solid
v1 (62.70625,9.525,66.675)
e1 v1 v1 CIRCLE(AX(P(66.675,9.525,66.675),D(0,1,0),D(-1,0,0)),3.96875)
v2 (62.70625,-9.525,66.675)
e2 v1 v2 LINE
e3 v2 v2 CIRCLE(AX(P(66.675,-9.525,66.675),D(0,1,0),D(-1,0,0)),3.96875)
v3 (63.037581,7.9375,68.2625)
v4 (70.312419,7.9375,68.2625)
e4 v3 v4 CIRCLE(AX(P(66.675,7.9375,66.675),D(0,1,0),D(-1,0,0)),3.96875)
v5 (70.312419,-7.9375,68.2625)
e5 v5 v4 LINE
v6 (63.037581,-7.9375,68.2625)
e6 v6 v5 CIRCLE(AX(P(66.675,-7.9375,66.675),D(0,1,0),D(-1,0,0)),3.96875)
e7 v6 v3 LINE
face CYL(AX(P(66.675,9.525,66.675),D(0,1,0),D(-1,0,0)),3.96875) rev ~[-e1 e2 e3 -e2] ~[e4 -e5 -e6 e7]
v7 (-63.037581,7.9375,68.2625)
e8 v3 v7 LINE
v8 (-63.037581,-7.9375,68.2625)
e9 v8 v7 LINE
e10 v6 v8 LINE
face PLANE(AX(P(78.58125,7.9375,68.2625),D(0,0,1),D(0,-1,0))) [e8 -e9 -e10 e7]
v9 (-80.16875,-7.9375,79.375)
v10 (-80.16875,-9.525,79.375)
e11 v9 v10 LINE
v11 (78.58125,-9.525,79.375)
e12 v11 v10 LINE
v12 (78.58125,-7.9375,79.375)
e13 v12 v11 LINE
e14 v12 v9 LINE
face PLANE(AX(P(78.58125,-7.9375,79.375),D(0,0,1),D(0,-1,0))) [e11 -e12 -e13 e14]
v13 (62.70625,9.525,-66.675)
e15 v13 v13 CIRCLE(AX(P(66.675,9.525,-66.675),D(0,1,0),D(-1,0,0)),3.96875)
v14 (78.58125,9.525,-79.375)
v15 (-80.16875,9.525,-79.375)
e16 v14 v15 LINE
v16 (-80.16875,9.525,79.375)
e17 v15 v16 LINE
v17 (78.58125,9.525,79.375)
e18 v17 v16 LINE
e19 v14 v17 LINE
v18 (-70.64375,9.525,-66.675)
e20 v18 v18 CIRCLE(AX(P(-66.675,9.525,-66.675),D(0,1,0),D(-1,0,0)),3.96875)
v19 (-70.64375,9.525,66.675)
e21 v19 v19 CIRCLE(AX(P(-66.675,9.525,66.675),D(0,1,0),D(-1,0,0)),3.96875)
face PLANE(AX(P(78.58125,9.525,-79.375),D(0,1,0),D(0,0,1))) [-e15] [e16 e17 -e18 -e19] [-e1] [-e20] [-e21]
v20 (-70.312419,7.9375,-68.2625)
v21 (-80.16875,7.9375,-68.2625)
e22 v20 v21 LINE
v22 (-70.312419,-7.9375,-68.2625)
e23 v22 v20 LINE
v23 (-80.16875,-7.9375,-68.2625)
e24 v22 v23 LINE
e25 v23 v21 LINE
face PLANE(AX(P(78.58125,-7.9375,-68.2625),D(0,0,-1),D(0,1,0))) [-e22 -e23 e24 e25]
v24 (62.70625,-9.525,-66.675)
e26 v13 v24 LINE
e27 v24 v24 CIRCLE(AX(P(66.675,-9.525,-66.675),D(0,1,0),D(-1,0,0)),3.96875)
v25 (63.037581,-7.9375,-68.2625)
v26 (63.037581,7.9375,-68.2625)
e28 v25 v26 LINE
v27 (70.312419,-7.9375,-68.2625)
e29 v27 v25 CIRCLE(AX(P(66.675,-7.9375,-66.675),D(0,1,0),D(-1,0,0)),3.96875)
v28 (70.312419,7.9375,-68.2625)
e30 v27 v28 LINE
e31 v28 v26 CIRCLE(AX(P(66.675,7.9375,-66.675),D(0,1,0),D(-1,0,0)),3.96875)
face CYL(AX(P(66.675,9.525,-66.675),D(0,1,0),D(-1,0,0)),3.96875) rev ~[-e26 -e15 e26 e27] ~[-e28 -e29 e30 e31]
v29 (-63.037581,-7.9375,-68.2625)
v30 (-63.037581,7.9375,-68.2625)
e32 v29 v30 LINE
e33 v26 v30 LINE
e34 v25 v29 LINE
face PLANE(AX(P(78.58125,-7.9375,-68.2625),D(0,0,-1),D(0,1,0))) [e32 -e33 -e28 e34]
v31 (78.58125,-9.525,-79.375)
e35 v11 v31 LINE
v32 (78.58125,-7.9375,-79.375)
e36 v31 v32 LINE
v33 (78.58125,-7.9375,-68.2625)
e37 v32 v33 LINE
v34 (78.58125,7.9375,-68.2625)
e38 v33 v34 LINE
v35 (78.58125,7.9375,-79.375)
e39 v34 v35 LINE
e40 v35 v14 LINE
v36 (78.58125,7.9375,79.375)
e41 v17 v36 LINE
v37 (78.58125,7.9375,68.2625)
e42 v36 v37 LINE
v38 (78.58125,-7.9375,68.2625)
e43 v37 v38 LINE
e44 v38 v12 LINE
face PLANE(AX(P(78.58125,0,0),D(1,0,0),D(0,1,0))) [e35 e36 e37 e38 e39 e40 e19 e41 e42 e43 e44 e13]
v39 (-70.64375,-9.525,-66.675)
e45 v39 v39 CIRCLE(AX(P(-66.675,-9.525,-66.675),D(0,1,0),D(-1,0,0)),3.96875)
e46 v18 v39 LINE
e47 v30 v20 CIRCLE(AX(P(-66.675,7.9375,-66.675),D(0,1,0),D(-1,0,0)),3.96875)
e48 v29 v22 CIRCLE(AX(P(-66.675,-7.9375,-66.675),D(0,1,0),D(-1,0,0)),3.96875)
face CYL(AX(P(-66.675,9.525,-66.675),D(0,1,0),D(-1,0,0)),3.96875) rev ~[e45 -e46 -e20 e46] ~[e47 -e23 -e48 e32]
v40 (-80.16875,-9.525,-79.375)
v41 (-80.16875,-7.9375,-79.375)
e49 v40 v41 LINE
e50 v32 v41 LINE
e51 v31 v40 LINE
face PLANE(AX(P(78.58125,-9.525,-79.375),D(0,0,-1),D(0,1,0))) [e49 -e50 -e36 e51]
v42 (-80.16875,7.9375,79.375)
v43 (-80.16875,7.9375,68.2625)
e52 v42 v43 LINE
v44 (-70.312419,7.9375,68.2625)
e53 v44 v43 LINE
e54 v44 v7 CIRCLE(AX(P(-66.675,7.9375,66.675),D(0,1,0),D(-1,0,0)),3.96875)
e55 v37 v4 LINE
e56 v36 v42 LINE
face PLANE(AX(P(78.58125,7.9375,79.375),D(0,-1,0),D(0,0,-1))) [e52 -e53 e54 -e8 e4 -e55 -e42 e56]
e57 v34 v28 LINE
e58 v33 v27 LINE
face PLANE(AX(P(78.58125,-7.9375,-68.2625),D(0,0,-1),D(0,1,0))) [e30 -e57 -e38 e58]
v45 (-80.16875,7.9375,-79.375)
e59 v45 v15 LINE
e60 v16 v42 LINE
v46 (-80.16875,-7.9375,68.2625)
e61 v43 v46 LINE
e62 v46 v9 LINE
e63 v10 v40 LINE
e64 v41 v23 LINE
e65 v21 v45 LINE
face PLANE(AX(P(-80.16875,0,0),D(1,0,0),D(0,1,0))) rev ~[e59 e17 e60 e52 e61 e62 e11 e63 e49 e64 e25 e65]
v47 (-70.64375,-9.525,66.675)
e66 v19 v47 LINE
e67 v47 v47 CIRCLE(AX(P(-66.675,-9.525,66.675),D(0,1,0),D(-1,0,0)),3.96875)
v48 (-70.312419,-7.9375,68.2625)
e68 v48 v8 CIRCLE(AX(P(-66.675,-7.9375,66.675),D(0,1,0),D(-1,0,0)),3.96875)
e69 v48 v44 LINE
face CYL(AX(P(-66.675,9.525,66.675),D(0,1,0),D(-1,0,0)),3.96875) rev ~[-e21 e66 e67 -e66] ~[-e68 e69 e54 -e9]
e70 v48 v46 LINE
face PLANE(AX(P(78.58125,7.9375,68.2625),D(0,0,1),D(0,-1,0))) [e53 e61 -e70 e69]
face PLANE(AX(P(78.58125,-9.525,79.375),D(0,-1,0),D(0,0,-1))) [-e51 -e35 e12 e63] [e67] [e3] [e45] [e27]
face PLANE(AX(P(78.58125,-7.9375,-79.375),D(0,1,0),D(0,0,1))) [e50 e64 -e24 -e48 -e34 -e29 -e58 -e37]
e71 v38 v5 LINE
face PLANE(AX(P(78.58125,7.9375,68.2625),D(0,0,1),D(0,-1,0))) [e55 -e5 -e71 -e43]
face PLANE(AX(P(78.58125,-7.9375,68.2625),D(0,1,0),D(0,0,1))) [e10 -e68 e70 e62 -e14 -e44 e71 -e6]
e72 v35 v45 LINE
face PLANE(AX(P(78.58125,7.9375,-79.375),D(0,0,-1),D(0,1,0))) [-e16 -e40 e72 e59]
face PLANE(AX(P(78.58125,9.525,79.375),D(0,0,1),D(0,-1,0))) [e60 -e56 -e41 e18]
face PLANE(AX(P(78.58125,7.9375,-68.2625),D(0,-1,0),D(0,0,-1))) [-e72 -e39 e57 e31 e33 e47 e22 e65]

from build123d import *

# Parameters (mm, degrees)
F2_DEPTH = 158.75
F3_R     = 3.96875
F4_DEPTH = 19.051


with BuildPart() as f2:
    # F1 (on offset) → F2 (new body)
    with BuildSketch(Plane.YZ.offset(78.58125)):
        Polygon((-7.9375, 79.375), (-9.525, 79.375), (-9.525, -79.375), (-7.9375, -79.375), (-7.9375, -68.2625), (7.9375, -68.2625), (7.9375, -79.375), (9.525, -79.375), (9.525, 79.375), (7.9375, 79.375), (7.9375, 68.2625), (-7.9375, 68.2625), align=None)
    extrude(amount=-F2_DEPTH)

    # F3 (on face) → F4 (cut, through all)
    with BuildSketch(Plane(origin=(0, 9.525, 0), x_dir=(-1, 0, 0), z_dir=(0, 1, 0))):
        with Locations((66.675, 66.675)):
            Circle(F3_R)
        with Locations((-66.675, 66.675)):
            Circle(F3_R)
        with Locations((-66.675, -66.675)):
            Circle(F3_R)
        with Locations((66.675, -66.675)):
            Circle(F3_R)
    extrude(amount=-F4_DEPTH, mode=Mode.SUBTRACT)


solid = f2.part
